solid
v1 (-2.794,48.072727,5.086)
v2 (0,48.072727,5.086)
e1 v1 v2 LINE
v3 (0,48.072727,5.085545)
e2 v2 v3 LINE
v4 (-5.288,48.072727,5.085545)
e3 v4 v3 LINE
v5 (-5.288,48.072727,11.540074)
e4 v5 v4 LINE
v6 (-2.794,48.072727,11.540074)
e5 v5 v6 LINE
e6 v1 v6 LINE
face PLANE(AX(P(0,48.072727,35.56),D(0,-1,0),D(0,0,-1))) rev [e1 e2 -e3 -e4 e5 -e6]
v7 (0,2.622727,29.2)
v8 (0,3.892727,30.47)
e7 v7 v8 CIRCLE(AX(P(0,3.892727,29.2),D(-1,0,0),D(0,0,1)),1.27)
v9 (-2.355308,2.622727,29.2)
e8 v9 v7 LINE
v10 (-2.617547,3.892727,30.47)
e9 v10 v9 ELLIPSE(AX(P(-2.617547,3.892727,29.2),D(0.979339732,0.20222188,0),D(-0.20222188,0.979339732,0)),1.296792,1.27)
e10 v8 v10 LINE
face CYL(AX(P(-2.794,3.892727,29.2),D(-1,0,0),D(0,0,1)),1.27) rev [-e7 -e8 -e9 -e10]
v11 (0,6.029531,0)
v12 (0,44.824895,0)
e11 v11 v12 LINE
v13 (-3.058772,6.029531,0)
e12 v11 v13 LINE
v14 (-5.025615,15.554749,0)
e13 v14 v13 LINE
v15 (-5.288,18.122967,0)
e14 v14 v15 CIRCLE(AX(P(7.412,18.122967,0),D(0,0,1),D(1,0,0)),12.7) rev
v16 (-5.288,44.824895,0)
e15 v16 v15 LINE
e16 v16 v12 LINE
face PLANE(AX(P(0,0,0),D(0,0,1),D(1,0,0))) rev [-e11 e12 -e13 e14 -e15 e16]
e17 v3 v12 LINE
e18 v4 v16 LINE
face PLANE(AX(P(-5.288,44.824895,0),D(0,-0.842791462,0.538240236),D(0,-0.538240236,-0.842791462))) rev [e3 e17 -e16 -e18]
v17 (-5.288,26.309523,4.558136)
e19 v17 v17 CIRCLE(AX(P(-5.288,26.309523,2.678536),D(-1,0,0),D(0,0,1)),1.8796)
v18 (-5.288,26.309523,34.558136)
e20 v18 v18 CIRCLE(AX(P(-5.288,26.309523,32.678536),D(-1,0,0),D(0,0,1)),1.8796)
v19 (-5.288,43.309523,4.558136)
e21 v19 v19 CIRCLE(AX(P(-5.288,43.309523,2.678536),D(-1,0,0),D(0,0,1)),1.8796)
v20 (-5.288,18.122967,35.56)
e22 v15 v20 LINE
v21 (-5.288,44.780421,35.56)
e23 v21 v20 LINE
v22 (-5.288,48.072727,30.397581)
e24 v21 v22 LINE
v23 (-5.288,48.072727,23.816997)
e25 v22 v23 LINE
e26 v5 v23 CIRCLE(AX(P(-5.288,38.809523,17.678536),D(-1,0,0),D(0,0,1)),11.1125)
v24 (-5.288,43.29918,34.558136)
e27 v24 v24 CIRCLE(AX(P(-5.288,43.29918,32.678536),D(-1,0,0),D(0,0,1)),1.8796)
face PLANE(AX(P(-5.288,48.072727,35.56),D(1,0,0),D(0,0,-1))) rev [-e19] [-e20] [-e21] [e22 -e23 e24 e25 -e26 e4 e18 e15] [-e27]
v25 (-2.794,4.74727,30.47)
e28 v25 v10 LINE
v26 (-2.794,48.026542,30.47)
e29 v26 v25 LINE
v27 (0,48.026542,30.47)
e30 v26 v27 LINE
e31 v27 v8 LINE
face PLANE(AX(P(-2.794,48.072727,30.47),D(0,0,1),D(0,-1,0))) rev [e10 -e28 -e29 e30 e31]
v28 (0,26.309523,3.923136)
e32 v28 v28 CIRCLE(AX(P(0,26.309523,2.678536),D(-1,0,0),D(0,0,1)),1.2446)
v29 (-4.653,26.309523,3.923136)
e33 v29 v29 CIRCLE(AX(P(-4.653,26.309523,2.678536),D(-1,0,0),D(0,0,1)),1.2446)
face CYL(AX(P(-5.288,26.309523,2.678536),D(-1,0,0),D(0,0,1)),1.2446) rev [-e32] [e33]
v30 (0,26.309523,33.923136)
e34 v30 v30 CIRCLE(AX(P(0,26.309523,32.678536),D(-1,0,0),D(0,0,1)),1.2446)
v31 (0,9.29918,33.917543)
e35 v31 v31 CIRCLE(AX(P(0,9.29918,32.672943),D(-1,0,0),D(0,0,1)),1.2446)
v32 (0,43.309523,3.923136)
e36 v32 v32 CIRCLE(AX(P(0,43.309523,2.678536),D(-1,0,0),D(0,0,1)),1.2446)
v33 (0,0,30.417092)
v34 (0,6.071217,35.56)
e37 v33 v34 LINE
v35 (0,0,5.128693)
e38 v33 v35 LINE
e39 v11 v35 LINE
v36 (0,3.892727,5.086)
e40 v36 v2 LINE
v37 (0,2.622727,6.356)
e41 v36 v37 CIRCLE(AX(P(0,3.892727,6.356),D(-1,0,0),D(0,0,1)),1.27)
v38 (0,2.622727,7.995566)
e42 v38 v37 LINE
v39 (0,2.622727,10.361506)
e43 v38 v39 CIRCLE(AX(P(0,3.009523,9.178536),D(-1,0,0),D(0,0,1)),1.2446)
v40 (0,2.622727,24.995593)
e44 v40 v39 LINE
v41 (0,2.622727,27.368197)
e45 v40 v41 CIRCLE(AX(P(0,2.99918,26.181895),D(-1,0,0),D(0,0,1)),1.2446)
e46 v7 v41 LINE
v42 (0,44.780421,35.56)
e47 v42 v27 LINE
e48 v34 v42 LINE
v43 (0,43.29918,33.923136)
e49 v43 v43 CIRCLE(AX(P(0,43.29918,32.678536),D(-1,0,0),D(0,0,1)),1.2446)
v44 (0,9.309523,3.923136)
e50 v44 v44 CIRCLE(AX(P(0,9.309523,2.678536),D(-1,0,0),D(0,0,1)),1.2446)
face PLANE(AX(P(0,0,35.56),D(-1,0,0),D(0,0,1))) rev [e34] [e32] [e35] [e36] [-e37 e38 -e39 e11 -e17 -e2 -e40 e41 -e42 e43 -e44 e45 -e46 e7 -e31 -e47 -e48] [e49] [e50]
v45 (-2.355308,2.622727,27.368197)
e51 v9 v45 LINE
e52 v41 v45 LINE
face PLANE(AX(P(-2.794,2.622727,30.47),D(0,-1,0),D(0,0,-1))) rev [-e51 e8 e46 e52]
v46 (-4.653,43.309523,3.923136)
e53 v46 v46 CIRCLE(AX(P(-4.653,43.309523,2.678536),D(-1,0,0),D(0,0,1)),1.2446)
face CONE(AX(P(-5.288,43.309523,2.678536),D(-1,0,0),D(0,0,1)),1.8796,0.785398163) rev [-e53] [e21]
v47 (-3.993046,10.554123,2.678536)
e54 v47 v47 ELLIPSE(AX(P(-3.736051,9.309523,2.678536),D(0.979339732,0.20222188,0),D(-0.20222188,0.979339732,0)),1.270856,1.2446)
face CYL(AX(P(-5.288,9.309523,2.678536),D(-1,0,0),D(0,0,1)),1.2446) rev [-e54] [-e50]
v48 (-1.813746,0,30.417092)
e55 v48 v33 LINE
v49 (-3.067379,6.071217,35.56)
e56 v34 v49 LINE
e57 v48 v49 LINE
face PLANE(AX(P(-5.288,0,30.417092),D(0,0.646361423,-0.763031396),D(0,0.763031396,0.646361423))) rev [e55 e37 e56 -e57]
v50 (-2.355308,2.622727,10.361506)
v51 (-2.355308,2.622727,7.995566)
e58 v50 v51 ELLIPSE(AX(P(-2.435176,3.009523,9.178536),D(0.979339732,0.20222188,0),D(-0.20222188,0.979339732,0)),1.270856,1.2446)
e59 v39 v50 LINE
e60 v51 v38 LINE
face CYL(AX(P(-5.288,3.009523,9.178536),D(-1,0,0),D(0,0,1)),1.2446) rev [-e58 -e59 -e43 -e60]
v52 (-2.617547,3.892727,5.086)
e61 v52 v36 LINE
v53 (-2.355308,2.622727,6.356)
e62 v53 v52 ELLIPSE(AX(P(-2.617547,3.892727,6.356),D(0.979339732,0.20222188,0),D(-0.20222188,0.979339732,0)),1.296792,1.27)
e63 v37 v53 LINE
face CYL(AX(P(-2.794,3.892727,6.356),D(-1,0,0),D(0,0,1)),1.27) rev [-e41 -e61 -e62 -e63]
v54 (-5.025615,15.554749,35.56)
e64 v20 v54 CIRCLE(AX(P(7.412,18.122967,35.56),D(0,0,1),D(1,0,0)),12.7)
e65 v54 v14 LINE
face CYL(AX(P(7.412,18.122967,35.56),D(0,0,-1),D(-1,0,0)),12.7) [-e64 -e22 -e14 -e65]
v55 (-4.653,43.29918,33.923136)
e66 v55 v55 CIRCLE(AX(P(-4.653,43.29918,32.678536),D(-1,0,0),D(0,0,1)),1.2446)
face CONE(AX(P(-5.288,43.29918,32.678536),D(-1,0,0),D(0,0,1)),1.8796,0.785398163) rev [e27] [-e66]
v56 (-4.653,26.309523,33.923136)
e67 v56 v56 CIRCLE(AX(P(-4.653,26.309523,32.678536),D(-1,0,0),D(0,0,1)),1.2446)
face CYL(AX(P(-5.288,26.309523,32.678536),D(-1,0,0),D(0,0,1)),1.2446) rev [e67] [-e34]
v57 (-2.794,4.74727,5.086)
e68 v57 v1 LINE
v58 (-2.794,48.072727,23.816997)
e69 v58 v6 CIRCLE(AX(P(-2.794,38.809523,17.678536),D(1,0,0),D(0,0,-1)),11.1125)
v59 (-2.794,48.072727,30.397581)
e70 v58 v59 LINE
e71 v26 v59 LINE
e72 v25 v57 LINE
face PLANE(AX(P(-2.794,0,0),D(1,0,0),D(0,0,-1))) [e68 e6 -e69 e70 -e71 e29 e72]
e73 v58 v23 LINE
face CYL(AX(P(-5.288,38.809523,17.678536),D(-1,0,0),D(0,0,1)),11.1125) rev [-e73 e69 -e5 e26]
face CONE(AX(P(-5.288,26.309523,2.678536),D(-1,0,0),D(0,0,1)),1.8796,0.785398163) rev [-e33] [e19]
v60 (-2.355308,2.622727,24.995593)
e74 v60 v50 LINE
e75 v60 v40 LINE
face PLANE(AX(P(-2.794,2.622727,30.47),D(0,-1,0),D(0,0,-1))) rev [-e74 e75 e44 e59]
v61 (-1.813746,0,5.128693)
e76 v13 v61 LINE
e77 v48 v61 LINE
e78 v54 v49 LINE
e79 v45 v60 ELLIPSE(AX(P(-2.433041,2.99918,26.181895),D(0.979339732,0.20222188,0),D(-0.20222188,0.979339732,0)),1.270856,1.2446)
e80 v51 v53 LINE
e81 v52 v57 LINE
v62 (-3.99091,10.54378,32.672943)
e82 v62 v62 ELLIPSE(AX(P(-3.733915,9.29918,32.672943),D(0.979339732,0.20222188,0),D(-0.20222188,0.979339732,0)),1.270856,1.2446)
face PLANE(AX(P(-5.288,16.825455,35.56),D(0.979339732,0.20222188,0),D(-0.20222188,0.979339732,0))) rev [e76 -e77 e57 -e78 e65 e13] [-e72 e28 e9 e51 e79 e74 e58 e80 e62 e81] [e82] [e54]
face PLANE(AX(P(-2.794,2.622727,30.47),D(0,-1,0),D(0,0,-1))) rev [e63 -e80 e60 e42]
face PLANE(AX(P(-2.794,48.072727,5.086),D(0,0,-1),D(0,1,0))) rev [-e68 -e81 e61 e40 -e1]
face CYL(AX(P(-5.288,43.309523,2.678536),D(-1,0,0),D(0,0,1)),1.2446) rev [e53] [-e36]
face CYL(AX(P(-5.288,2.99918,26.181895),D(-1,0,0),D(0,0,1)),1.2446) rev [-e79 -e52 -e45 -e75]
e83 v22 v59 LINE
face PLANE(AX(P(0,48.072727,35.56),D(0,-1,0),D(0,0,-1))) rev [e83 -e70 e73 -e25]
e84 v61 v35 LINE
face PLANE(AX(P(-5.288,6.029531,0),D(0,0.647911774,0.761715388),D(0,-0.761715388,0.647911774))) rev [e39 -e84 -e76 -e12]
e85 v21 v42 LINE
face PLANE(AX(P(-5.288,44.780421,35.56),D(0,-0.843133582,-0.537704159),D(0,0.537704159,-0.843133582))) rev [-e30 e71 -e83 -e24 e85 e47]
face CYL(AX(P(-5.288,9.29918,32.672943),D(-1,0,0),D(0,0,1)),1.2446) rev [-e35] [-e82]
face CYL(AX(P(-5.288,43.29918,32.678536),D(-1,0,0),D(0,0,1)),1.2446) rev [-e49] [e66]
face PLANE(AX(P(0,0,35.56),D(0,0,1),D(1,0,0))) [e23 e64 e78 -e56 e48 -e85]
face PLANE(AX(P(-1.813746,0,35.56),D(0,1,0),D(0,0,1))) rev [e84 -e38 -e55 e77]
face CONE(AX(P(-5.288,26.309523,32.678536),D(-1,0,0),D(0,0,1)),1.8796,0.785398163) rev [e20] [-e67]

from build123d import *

# Parameters (mm, degrees)
BOSS_EXTRUDE1_DEPTH                   = 35.56
FILLET1_R                             = 12.7
SKETCH6_W                             = 25.384
SKETCH6_H                             = 45.45
CUT_EXTRUDE1_DEPTH                    = 2.794
FILLET2_R                             = 1.27
CUT_EXTRUDE3_DEPTH                    = 61.028856823
CUT_EXTRUDE4_DEPTH                    = 61.028856823
F_7_8_0_875_DIAMETER_HOLE1_D          = 22.225
F_40_0_098_DIAMETER_HOLE1_D           = 2.4892
F_40_0_098_DIAMETER_HOLE1_CSINK_D     = 3.7592
F_40_0_098_DIAMETER_HOLE1_CSINK_ANGLE = 90


with BuildPart() as part:
    # Sketch1 → Boss-Extrude1 (new body)
    with BuildSketch(Plane.XY):
        Polygon((0, 0), (0, 48.072727273), (-5.288, 48.072727273), (-5.288, 16.825454545), (-1.813745922, 0), align=None)
    extrude(amount=BOSS_EXTRUDE1_DEPTH)

    # Fillet1
    fillet1_edges = [part.edges().sort_by_distance(p)[0] for p in [
        (-5.288, 16.825454545, 17.78),
    ]]
    fillet(fillet1_edges, radius=FILLET1_R)

    # Sketch6 → Cut-Extrude1 (cut)
    with BuildSketch(Plane(origin=(0, 0, 0), x_dir=(0, 0, -1), z_dir=(1, 0, 0))):
        with Locations((-17.778, 25.347727273)):
            Rectangle(SKETCH6_W, SKETCH6_H)
    extrude(amount=-CUT_EXTRUDE1_DEPTH, mode=Mode.SUBTRACT)

    # Fillet2
    fillet2_edges = [part.edges().sort_by_distance(p)[0] for p in [
        (-1.177653786, 2.622727273, 30.47),
        (-1.177653786, 2.622727273, 5.086),
    ]]
    fillet(fillet2_edges, radius=FILLET2_R)

    # Sketch10 → Cut-Extrude3 (cut, through all)
    with BuildSketch(Plane(origin=(0, 0, 0), x_dir=(0, 0, -1), z_dir=(1, 0, 0))):
        Polygon((-35.56, 44.780420684), (-30.397580851, 48.072727273), (-35.56, 48.072727273), align=None)
    extrude(amount=-CUT_EXTRUDE3_DEPTH, mode=Mode.SUBTRACT)

    # Sketch11 → Cut-Extrude4 (cut, through all)
    with BuildSketch(Plane(origin=(0, 0, 0), x_dir=(0, 0, -1), z_dir=(1, 0, 0))):
        Polygon((-5.085545117, 48.072727273), (0, 48.072727273), (0, 44.824895363), align=None)
        Polygon((0, 6.029531172), (-5.128692816, 0), (0, 0), align=None)
        Polygon((-35.56, 6.07121688), (-35.56, 0), (-30.417091858, 0), align=None)
    extrude(amount=-CUT_EXTRUDE4_DEPTH, mode=Mode.SUBTRACT)

    # 7/8 (0.875) Diameter Hole1 (through all)
    with Locations(Plane.ZY.offset(5.288)):
        with Locations((17.678535919, 38.809523369)):
            Hole(F_7_8_0_875_DIAMETER_HOLE1_D / 2)

    # #40 (0.098) Diameter Hole1 (through all)
    with Locations(Plane.ZY.offset(5.288)):
        with Locations((2.678535919, 43.309523369), (2.678535919, 26.309523369), (2.678535919, 9.309523369), (9.178535919, 3.009523369), (26.181895158, 2.999179942), (32.672942909, 9.299179942), (32.678535919, 26.309523369), (32.678535919, 43.299179942)):
            CounterSinkHole(F_40_0_098_DIAMETER_HOLE1_D / 2, F_40_0_098_DIAMETER_HOLE1_CSINK_D / 2, counter_sink_angle=F_40_0_098_DIAMETER_HOLE1_CSINK_ANGLE)


solid = part.part
